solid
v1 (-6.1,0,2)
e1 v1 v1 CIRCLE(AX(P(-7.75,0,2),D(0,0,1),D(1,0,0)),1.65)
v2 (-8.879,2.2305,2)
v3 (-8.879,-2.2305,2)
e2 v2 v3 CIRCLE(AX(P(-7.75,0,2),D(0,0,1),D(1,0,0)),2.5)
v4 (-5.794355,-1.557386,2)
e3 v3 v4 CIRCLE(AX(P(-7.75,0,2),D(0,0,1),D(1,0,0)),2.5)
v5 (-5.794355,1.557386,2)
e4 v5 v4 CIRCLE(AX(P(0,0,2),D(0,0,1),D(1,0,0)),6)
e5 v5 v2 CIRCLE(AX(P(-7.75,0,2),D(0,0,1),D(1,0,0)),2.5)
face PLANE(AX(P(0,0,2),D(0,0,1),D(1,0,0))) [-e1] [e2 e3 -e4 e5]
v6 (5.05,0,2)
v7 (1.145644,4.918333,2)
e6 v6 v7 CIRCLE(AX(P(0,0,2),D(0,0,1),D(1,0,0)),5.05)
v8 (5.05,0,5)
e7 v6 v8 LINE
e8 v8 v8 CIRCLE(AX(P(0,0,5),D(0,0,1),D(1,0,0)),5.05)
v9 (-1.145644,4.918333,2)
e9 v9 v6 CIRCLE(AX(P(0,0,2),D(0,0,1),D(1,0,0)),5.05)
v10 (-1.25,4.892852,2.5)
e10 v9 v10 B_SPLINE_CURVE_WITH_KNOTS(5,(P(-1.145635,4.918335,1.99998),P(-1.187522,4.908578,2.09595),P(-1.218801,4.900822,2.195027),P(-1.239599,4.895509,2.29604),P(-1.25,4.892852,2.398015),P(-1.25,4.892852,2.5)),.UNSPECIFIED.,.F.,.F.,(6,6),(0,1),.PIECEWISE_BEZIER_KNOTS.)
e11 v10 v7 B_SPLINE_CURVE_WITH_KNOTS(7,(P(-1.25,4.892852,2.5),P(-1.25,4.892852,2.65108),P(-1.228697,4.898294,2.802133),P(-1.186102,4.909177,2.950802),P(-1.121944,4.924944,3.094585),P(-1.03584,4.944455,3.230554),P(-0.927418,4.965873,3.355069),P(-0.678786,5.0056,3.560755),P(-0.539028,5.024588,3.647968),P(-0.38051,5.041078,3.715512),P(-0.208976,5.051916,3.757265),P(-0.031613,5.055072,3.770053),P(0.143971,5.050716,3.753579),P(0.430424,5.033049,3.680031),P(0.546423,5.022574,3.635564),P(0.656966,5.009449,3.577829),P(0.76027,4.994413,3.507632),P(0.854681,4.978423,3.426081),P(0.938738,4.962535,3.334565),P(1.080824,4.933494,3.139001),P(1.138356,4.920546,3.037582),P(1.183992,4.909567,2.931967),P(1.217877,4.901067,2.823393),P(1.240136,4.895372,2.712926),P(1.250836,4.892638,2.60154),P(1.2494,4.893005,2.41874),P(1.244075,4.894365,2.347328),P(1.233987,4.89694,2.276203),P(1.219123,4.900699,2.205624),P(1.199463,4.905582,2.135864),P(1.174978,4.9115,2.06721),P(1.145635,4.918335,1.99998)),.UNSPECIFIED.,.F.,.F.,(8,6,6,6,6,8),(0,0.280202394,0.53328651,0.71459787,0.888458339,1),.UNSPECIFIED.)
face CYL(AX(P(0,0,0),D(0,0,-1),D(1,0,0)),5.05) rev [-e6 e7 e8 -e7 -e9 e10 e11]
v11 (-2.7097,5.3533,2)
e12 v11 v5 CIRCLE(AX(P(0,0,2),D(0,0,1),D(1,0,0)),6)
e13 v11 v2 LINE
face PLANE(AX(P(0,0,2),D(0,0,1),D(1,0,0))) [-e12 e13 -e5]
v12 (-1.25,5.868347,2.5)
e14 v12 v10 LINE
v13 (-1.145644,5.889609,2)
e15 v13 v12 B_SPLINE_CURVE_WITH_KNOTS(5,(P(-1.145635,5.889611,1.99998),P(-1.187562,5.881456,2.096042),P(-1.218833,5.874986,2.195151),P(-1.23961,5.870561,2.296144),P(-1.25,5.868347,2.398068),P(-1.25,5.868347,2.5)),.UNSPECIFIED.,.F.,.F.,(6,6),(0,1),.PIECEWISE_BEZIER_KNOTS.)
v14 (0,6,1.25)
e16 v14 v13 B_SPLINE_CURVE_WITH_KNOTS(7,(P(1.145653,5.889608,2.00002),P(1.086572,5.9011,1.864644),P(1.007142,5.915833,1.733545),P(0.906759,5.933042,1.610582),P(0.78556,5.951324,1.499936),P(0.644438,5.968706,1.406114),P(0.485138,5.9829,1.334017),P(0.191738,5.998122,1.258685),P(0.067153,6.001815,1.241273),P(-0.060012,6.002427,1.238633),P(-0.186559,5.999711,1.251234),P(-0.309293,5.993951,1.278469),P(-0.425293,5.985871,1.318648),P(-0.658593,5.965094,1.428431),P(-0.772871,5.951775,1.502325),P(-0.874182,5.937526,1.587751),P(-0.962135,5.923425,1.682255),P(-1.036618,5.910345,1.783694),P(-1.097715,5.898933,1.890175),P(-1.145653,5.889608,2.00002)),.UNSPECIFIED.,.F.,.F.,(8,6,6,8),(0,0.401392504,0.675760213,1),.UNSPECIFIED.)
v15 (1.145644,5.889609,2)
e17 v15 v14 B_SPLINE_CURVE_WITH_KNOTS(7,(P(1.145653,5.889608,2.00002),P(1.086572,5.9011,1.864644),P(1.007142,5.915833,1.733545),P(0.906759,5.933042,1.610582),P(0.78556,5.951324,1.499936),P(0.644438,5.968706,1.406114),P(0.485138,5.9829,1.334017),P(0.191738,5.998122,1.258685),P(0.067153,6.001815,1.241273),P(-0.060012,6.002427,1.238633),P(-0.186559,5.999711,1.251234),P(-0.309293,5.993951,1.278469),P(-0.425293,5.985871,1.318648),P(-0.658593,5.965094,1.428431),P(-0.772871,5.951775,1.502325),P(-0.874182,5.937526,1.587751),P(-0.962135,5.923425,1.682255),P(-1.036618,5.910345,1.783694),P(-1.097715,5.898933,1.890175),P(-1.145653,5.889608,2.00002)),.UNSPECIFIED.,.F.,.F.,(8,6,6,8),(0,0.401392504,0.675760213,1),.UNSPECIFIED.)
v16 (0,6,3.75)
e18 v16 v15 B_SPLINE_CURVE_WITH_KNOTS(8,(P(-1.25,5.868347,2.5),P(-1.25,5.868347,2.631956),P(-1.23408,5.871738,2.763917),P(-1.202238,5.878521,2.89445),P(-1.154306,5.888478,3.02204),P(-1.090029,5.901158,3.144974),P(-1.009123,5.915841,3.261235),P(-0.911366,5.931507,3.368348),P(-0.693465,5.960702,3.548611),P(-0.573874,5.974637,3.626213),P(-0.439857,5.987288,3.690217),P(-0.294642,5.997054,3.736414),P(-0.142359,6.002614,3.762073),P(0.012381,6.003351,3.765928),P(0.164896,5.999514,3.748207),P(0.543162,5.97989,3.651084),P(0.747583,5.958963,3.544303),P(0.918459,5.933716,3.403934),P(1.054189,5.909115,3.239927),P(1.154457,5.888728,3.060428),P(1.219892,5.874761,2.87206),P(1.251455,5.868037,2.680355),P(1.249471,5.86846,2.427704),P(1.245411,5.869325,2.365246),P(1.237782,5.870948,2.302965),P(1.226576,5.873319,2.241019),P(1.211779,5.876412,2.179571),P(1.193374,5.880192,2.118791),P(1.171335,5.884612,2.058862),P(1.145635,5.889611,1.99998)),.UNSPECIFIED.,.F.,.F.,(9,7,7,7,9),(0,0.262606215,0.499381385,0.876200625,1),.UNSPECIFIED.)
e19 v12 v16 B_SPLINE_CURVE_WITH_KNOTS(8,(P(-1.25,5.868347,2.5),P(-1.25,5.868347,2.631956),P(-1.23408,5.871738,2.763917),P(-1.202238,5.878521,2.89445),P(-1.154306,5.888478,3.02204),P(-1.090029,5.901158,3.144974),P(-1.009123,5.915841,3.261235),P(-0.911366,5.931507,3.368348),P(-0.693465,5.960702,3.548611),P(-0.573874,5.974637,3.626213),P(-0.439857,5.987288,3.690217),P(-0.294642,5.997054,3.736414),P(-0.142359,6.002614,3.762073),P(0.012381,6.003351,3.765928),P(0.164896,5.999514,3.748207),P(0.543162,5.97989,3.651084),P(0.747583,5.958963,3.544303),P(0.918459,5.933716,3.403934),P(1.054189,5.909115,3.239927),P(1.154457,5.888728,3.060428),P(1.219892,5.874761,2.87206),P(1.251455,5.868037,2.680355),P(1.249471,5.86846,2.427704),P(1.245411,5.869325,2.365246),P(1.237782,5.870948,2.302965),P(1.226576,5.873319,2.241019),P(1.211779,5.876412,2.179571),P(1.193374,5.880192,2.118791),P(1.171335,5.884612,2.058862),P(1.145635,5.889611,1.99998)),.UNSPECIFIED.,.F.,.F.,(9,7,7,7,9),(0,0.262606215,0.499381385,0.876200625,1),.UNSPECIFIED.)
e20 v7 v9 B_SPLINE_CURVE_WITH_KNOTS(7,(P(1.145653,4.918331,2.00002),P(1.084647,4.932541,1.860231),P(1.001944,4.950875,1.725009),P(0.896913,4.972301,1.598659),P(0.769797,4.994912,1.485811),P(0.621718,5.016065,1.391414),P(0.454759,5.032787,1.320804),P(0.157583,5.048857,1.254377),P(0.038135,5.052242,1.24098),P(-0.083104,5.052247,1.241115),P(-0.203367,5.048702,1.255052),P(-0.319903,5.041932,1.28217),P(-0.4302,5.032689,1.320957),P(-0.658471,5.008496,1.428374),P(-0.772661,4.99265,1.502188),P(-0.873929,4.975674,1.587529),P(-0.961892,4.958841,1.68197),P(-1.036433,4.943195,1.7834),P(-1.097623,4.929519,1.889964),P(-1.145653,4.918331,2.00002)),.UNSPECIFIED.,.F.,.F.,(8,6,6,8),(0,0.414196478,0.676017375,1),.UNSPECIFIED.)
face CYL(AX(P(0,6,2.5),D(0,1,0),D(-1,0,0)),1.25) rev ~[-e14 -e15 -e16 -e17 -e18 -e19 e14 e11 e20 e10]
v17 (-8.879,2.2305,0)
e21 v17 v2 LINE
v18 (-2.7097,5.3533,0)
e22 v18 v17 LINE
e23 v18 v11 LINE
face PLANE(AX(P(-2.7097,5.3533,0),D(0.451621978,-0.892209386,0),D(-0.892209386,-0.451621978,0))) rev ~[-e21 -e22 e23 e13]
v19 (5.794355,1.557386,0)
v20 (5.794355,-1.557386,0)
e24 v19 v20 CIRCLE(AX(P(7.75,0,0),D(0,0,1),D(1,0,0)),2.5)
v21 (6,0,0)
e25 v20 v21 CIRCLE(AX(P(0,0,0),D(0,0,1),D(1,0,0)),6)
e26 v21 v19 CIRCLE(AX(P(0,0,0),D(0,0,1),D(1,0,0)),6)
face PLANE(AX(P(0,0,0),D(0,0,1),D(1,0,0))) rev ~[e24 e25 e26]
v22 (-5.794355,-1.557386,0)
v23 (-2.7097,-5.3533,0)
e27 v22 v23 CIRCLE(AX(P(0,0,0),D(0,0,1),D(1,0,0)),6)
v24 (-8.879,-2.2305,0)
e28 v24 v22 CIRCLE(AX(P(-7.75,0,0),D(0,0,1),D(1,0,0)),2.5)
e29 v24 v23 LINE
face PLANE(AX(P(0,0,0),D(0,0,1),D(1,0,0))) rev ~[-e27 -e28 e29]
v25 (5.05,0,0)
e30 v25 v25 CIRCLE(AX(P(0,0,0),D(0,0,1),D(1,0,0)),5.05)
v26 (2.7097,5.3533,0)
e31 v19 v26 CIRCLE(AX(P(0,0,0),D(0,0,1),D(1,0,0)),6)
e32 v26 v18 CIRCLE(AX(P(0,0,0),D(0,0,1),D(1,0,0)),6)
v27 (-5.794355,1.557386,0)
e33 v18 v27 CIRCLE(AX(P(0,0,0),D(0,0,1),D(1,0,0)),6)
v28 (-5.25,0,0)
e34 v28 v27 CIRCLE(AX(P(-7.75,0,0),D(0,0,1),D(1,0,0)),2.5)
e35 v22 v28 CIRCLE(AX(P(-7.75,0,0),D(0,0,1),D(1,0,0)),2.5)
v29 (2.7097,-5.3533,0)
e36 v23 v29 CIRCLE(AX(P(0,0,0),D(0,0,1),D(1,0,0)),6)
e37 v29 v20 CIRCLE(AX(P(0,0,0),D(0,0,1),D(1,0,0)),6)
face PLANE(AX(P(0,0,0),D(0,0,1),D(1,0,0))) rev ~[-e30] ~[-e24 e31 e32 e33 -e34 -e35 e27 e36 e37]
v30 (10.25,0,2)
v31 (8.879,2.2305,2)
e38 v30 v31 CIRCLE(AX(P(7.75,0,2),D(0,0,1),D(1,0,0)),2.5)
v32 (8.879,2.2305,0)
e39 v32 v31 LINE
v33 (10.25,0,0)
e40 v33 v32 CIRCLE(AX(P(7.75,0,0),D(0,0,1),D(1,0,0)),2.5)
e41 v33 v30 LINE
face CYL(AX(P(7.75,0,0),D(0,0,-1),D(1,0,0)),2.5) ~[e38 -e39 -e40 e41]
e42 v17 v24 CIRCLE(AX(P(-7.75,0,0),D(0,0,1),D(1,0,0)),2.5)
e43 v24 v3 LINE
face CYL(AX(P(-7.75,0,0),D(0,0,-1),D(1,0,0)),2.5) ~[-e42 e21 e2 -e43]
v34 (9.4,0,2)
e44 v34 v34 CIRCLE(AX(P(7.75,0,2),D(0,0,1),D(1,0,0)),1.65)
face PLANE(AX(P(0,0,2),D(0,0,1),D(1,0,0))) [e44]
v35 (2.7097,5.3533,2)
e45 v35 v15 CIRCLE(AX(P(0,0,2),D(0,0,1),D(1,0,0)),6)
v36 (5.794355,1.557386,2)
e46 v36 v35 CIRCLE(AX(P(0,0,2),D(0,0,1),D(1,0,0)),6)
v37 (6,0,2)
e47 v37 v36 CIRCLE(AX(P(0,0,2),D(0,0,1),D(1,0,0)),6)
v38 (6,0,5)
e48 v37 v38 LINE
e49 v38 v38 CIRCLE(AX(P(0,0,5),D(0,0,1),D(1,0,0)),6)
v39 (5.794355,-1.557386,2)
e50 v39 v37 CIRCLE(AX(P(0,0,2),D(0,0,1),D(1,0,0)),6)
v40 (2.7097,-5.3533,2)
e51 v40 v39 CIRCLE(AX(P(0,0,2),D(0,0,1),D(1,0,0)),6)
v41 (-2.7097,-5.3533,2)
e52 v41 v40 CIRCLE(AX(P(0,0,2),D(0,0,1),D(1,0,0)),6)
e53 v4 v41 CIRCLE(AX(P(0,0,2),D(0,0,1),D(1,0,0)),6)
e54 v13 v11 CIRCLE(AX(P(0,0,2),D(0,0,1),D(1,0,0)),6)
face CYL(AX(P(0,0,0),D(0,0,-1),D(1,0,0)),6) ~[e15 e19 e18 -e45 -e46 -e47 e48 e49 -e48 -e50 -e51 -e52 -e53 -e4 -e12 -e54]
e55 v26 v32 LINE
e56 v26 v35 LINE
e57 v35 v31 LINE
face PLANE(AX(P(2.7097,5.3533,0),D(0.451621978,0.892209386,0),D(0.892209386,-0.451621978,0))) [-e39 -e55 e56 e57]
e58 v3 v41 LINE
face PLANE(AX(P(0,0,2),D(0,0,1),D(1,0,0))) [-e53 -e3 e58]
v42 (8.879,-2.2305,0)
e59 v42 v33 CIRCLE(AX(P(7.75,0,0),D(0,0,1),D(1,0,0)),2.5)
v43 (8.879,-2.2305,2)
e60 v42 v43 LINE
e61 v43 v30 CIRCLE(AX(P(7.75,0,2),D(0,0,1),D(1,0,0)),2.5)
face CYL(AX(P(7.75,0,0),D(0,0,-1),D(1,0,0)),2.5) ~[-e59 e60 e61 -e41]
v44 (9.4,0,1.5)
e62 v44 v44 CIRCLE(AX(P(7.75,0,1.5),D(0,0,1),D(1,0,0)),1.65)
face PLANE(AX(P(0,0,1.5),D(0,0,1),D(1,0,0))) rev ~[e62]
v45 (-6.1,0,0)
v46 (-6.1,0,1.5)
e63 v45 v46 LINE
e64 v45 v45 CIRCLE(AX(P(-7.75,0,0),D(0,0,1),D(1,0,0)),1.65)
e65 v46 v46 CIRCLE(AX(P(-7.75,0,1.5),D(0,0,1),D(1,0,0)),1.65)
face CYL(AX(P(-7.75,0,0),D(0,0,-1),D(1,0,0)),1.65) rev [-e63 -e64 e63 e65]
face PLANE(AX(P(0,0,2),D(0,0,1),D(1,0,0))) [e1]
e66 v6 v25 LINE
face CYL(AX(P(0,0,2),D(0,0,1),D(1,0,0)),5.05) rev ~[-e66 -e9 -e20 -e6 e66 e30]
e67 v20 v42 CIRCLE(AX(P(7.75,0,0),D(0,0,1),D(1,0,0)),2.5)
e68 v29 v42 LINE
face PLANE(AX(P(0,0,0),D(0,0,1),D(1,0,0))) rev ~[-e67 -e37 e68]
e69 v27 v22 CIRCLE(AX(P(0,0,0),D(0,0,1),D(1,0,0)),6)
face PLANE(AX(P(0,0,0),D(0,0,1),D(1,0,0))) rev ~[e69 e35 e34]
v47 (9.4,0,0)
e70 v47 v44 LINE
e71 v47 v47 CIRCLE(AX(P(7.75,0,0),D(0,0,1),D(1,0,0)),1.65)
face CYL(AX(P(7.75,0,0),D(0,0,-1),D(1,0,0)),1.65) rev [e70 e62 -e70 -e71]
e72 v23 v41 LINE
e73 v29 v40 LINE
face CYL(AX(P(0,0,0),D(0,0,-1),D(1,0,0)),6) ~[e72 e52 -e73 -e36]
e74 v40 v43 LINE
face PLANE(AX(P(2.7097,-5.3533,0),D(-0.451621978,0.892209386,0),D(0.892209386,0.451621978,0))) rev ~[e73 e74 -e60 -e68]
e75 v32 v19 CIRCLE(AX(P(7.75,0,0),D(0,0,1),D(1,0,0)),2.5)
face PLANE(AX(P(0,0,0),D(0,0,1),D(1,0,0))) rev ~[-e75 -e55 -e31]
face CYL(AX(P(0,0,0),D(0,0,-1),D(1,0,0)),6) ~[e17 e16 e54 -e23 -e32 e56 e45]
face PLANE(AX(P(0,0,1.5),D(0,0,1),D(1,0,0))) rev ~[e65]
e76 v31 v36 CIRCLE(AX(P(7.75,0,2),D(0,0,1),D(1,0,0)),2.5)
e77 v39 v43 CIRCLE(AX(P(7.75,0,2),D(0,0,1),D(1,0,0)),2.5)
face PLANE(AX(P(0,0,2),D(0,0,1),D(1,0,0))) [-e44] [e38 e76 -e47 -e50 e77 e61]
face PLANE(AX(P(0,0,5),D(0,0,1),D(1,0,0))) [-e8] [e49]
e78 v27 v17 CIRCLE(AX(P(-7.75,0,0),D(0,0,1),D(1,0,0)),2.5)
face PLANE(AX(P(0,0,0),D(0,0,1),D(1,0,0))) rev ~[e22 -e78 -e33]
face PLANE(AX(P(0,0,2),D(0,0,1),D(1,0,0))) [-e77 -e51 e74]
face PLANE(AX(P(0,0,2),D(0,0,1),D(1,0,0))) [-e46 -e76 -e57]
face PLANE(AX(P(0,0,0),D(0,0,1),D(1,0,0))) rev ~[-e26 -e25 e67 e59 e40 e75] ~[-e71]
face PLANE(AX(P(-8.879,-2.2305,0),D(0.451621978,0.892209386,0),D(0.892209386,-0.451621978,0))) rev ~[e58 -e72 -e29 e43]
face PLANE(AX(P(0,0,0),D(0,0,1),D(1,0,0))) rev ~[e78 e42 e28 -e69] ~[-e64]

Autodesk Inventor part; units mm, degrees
ref_plane "YZ Plane" through (0, 0, 0) normal (1, 0, 0) x (0, 1, 0)
ref_plane "XY Plane" through (0, 0, 0) normal (0, 0, 1) x (1, 0, 0)
sketch "Sketch2" plane through (0, 0, 0) normal (0, 0, 1) x (1, 0, 0)
  circle A0 centre (0, 0) radius 5.05
  circle A1 centre (-7.75, 0) radius 1.65
  circle A2 centre (-7.75, 0) radius 2.5
  circle A3 centre (0, 0) radius 6
  line L0 (-2.7097, 5.3533) -> (-8.879, 2.2305)
  line L1 (-8.879, -2.2305) -> (-2.7097, -5.3533)
  circle A4 centre (7.75, 0) radius 1.65
  circle A5 centre (7.75, 0) radius 2.5
  line L2 (2.7097, 5.3533) -> (8.879, 2.2305)
  line L3 (2.7097, -5.3533) -> (8.879, -2.2305)
  line L4 (0, 0) -> (7.75, 0) construction
  line L5 (0, 0) -> (-7.75, 0) construction
  dimension "d0" = 10.1
  dimension "d1" = 3.3
  dimension "d2" = 5
  dimension "d3" = 12
  dimension "d27" = 7.75
sketch "Sketch5" plane through (0, 0, 0) normal (0, 0, 1) x (1, 0, 0)
  circle A0 centre (0, 0) radius 6 projected
  circle A1 centre (0, 0) radius 5.05 projected
extrude "Extrusion5" add sketch "Sketch5" along normal blind 5
extrude "Extrusion6" add sketch "Sketch2" along normal blind 2 contours A0 | A2 A3 | L0 A3 A2 | A2 A3 L1 | A3 A5 A2 | A2 A3 | L2 A5 A3 | A3 A5 L3 | A5 A3 | A3 A5
sketch "Sketch6" plane through (0, 0, 2) normal (0, 0, 1) x (1, 0, 0)
  circle A0 centre (0, 0) radius 5.05 projected
extrude "Extrusion7" cut sketch "Sketch6" against normal through all
sketch "Sketch7" plane through (0, 0, 2) normal (0, 0, 1) x (1, 0, 0)
  circle A0 centre (-7.75, 0) radius 1.65 projected
  circle A1 centre (7.75, 0) radius 1.65 projected
  point P0 (0, 0)
extrude "Extrusion9" add sketch "Sketch7" against normal blind 0.5
ref_plane "Work Plane3" through (0, 6, 0) normal (0, 1, 0) x (-1, 0, 0)
sketch "Sketch8" plane through (0, 6, 0) normal (0, 1, 0) x (-1, 0, 0)
  line L0 (-5.05, 0) -> (-5.05, 5) projected
  circle A0 centre (0, 2.5) radius 1.25
  point P0 (0, 0)
  point P1 (-5.05, 2.5)
  dimension "d24" = 2.5
extrude "Extrusion10" cut sketch "Sketch8" against normal blind 3
properties part number "ShaftCollarMagnetMount" material "ABS Plastic"
